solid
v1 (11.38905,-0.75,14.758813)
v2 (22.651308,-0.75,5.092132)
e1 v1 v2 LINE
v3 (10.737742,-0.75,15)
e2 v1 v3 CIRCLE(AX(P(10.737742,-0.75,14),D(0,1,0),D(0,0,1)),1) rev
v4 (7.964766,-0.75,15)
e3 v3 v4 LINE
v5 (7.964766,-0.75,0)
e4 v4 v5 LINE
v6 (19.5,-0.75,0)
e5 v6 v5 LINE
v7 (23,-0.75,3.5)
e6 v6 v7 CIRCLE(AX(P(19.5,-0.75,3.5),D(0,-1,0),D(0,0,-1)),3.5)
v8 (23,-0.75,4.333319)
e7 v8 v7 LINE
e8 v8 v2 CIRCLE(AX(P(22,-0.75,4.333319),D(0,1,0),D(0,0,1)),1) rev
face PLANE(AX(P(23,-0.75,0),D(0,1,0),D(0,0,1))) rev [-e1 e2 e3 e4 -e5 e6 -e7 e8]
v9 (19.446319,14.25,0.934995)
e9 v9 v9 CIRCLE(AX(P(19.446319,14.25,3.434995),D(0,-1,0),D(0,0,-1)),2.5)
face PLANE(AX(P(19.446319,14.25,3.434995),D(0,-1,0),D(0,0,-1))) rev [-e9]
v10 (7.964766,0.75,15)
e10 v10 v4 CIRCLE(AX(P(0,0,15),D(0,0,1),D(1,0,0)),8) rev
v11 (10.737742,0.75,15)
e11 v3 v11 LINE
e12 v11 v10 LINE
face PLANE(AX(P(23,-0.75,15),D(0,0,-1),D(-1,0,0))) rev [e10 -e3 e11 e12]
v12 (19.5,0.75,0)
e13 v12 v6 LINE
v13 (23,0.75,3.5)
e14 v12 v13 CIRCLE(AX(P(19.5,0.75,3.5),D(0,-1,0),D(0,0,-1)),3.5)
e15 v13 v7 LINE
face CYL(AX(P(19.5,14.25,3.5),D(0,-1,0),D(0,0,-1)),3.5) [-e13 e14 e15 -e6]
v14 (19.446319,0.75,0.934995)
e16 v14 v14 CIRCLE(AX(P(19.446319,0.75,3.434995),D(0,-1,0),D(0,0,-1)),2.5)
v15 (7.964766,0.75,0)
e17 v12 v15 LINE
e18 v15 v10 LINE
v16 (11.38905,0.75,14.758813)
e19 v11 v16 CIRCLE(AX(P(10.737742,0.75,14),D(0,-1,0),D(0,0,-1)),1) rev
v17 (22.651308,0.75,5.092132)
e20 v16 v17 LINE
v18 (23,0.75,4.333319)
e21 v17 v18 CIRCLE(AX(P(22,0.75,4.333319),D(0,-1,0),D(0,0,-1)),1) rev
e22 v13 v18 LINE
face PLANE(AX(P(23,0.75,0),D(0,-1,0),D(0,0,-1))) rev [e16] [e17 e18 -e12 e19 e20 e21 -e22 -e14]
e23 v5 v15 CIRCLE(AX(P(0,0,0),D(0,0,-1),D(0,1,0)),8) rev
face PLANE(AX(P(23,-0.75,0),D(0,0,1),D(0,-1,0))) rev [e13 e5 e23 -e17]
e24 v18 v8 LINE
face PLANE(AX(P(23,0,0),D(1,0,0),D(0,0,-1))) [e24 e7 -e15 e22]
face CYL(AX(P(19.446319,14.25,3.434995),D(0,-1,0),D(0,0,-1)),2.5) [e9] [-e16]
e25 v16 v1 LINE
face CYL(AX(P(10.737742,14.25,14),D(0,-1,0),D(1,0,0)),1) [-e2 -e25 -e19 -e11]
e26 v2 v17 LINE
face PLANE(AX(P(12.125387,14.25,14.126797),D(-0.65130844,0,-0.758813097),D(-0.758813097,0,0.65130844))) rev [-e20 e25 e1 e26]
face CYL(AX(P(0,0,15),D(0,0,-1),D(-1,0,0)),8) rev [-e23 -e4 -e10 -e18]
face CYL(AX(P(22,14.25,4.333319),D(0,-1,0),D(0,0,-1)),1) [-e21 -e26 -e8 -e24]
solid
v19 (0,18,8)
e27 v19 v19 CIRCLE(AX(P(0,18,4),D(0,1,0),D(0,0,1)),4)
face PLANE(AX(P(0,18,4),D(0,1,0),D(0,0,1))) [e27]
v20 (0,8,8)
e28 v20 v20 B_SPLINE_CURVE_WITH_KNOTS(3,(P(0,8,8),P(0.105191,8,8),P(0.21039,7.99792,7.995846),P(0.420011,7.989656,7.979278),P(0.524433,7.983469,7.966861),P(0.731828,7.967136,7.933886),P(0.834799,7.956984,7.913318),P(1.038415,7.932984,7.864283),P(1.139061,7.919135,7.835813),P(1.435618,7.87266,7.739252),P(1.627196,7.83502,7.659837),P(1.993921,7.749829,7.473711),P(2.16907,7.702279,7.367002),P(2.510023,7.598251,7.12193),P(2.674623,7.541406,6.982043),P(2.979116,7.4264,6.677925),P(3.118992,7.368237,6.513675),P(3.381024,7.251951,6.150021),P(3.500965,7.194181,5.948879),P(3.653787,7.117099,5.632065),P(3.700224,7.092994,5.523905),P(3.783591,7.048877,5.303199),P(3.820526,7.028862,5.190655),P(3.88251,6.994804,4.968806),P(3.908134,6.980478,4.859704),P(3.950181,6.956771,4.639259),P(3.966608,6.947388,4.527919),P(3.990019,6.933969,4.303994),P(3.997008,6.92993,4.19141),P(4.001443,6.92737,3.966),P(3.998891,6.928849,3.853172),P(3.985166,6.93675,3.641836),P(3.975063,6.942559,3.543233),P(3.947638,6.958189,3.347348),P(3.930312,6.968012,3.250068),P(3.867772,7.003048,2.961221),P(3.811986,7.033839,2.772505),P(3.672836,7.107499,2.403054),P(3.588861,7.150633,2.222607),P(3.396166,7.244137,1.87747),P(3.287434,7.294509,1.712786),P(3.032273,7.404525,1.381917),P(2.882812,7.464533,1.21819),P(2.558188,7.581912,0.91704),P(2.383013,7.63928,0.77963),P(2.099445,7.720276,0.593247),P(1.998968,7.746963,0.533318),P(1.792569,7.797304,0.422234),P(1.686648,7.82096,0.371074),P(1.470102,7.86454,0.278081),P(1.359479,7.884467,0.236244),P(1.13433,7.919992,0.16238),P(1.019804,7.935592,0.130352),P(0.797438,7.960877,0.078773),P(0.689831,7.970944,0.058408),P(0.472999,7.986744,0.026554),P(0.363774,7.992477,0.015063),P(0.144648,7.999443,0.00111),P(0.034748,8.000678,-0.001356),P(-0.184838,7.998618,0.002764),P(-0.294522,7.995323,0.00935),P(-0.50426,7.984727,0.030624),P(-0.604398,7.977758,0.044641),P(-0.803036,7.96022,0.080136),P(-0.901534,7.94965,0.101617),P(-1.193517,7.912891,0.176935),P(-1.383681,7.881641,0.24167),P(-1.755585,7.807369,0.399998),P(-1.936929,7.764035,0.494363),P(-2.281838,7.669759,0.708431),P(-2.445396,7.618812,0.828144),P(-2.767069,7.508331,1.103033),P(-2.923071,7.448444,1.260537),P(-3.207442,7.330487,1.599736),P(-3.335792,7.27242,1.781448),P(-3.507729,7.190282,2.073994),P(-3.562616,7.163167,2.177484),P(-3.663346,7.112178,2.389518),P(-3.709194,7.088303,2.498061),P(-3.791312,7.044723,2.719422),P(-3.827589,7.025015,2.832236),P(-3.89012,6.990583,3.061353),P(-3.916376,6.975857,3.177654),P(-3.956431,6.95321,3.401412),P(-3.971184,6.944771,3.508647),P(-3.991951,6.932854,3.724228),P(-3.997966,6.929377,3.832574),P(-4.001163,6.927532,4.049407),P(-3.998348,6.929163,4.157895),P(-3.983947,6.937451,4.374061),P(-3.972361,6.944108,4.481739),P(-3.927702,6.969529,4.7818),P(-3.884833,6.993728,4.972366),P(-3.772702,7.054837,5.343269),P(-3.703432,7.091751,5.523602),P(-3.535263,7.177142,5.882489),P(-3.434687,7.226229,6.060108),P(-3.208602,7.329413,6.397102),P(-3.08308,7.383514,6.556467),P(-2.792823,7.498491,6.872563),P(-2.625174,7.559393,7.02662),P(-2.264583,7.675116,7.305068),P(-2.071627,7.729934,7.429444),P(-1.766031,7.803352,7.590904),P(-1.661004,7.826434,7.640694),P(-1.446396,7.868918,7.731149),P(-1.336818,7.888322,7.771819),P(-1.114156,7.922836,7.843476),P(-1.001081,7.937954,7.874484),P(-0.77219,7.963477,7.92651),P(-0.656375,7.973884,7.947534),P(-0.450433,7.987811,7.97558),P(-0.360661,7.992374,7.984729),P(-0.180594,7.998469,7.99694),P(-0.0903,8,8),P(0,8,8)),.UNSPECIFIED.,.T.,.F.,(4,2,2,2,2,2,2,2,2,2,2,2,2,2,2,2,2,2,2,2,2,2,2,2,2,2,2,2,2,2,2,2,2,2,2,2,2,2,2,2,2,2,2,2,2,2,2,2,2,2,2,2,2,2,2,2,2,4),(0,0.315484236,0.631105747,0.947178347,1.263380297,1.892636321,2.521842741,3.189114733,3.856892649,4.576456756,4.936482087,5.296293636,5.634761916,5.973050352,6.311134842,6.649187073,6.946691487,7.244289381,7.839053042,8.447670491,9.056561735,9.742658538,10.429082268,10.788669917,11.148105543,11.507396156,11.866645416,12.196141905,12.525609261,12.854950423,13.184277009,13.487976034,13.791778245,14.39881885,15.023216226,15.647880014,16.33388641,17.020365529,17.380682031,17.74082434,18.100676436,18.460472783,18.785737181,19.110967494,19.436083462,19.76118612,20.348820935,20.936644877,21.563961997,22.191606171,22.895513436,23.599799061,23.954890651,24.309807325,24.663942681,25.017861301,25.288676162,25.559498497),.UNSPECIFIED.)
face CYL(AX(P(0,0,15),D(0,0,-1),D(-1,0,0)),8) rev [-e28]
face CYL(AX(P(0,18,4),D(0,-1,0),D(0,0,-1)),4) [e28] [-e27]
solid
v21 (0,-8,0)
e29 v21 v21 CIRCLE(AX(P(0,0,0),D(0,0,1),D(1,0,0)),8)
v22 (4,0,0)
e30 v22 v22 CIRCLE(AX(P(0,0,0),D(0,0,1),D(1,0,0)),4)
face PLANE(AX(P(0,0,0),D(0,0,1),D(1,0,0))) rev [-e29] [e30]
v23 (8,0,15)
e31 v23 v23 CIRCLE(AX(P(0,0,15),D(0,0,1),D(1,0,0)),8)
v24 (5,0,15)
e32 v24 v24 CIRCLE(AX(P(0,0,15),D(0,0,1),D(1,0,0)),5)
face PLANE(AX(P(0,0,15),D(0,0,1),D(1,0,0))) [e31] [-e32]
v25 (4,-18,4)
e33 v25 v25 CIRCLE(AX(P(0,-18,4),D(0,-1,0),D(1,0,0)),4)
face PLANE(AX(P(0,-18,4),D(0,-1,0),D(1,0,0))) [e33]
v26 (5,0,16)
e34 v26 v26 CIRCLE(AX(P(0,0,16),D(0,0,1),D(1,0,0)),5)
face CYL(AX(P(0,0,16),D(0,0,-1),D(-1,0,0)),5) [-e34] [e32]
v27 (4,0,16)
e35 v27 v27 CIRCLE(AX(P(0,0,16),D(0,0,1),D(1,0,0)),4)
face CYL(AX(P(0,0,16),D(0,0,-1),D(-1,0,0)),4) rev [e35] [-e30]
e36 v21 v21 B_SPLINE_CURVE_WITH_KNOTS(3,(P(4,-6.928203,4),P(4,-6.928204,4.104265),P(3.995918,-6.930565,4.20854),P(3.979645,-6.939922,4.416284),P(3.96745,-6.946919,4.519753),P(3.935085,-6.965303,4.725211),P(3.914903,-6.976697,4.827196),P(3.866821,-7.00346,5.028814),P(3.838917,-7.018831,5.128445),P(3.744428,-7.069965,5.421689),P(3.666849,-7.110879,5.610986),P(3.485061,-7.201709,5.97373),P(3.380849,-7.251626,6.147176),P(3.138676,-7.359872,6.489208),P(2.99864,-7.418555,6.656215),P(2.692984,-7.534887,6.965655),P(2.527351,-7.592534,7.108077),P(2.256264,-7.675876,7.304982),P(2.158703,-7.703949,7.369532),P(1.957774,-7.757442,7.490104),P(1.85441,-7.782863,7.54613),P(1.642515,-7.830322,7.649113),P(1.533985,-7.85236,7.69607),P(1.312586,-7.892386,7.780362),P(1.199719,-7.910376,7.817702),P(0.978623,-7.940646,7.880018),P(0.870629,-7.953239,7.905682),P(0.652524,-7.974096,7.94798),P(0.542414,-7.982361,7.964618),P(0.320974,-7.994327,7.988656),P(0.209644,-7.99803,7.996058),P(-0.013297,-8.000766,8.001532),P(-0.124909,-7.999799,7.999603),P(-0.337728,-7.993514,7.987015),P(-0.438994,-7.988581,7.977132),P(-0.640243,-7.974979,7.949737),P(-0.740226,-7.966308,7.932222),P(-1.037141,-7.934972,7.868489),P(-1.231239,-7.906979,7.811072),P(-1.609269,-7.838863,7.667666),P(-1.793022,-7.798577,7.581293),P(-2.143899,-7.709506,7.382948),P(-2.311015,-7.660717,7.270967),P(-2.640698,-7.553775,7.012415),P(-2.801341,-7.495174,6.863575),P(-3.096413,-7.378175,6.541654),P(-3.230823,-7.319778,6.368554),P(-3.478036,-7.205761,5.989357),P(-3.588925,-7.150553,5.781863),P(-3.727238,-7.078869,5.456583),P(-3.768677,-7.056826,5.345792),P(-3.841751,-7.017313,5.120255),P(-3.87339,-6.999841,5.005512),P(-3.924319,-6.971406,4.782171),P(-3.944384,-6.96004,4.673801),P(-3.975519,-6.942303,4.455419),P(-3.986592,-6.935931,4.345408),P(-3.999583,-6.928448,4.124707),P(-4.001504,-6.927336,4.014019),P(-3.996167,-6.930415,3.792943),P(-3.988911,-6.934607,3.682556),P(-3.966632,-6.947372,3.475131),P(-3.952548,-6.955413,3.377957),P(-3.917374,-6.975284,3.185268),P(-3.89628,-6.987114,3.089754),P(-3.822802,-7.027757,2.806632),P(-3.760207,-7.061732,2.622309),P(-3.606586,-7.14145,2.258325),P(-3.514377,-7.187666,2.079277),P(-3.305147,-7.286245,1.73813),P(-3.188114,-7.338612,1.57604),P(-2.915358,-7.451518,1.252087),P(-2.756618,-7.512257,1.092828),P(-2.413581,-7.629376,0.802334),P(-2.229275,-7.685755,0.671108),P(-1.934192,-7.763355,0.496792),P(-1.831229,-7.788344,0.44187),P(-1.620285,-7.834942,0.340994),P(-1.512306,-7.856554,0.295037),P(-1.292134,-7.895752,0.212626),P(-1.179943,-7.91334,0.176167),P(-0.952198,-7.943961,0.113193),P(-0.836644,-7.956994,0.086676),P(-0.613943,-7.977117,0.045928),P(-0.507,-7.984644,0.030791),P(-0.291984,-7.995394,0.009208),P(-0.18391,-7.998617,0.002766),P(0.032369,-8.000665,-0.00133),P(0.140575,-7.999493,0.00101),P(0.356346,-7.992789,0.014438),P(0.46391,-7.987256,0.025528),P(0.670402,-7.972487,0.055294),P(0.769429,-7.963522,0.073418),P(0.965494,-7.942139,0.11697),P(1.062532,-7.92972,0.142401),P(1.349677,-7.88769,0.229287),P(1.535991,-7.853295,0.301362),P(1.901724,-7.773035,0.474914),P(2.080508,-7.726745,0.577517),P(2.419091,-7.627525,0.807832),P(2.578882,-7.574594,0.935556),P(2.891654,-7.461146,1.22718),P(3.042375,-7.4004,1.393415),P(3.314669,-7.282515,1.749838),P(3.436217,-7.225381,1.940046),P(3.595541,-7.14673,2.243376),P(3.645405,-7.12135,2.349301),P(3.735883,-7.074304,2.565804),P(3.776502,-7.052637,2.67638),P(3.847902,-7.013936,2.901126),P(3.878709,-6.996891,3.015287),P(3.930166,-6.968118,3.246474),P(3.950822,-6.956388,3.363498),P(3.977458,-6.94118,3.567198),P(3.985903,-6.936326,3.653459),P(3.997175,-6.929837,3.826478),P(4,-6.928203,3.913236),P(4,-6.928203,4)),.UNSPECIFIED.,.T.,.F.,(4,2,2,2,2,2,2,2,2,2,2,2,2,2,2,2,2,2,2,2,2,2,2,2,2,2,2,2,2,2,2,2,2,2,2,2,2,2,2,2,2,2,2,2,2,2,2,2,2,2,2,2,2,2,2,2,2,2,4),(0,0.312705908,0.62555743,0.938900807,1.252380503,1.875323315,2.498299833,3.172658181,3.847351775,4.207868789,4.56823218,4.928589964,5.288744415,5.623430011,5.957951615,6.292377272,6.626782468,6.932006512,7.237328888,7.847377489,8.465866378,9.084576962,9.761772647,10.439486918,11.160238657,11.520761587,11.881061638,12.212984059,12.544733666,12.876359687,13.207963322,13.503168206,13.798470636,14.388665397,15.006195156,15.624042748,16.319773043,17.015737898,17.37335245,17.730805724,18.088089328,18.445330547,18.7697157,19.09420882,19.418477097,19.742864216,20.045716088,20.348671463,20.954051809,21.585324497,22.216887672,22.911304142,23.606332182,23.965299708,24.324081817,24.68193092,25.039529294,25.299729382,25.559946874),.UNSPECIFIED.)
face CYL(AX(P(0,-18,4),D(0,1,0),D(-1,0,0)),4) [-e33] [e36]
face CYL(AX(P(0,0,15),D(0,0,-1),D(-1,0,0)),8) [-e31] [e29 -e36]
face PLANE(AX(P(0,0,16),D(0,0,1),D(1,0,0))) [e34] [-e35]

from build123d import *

# Parameters (mm, degrees)
SKETCH1_R                            = 8
BOSS_EXTRUDE1_DEPTH                  = 15
SKETCH2_R                            = 5
SKETCH2_R_2                          = 4
BOSS_EXTRUDE2_DEPTH                  = 1
CUT_EXTRUDE1_START                   = -15
SKETCH3_R                            = 4
CUT_EXTRUDE1_DEPTH                   = 15
SKETCH4_R                            = 4
BOSS_EXTRUDE3_DEPTH                  = 10
BOSS_EXTRUDE3_DIRECTION_2_REACH      = 26
BOSS_EXTRUDE3_DIRECTION_2_END_RADIUS = 8
SKETCH6_R                            = 4
BOSS_EXTRUDE4_DEPTH                  = 10
BOSS_EXTRUDE4_DIRECTION_2_REACH      = 33.559
BOSS_EXTRUDE4_DIRECTION_2_END_RADIUS = 8
SKETCH7_W                            = 15
SKETCH7_H                            = 1.5
BOSS_EXTRUDE5_DEPTH                  = 15
BOSS_EXTRUDE5_DIRECTION_2_REACH      = 30.914
BOSS_EXTRUDE5_DIRECTION_2_END_RADIUS = 8
CUT_EXTRUDE2_DEPTH                   = 15
CUT_EXTRUDE3_DEPTH                   = 15
FILLET1_R                            = 1
FILLET2_R                            = 1
SKETCH12_R                           = 2.5
BOSS_EXTRUDE6_DEPTH                  = 15


with BuildPart() as part:
    # Sketch1 → Boss-Extrude1 (new body)
    with BuildSketch(Plane.XY):
        Circle(SKETCH1_R)
    extrude(amount=BOSS_EXTRUDE1_DEPTH)

    # Sketch2 → Boss-Extrude2 (add)
    with BuildSketch(Plane.XY.offset(15)):
        Circle(SKETCH2_R)
        Circle(SKETCH2_R_2, mode=Mode.SUBTRACT)
    extrude(amount=BOSS_EXTRUDE2_DEPTH)

    # Sketch3 → Cut-Extrude1 (cut)
    with BuildSketch(Plane.XY.offset(15).offset(CUT_EXTRUDE1_START)):
        Circle(SKETCH3_R)
    extrude(amount=CUT_EXTRUDE1_DEPTH, mode=Mode.SUBTRACT)

    # Sketch6 → Boss-Extrude4 (add)
    with BuildSketch(Plane(origin=(0, -8, 0), x_dir=(-1, 0, 0), z_dir=(0, -1, 0))):
        with Locations(Location((0, -4, 0), (0, 0, 270))):
            Circle(SKETCH6_R)
    extrude(amount=BOSS_EXTRUDE4_DEPTH)

    # Boss-Extrude4 direction 2: up to this cylinder (the profile starts outside it)
    boss_extrude4_direction_2_end = Plane(origin=(0, 0, 4), z_dir=(0, 0, -1)) * Cylinder(BOSS_EXTRUDE4_DIRECTION_2_END_RADIUS, 84.118, mode=Mode.PRIVATE)
    # Sketch6 → Boss-Extrude4 direction 2 (add, up to the surface)
    with BuildSketch(Plane(origin=(0, -8, 0), x_dir=(-1, 0, 0), z_dir=(0, -1, 0)), mode=Mode.PRIVATE) as boss_extrude4_direction_2_sk1:
        with Locations(Location((0, -4, 0), (0, 0, 270))):
            Circle(SKETCH6_R)
    boss_extrude4_direction_2_tool1 = extrude(boss_extrude4_direction_2_sk1.sketch, amount=-BOSS_EXTRUDE4_DIRECTION_2_REACH, mode=Mode.PRIVATE) - boss_extrude4_direction_2_end
    add(boss_extrude4_direction_2_tool1.solids().sort_by_distance((0, -8, 4))[0])
    add(boss_extrude4_direction_2_tool1.solids().sort_by_distance((0, -8, 4))[1])


with BuildPart() as body_2:
    # Sketch4 → Boss-Extrude3 (new body)
    with BuildSketch(Plane(origin=(0, 8, 0), x_dir=(1, 0, 0), z_dir=(0, 1, 0))):
        with Locations(Location((0, -4, 0), (0, 0, 270))):
            Circle(SKETCH4_R)
    extrude(amount=BOSS_EXTRUDE3_DEPTH)

    # Boss-Extrude3 direction 2: up to this cylinder (the profile starts outside it)
    boss_extrude3_direction_2_end = Plane(origin=(0, 0, 4), z_dir=(0, 0, -1)) * Cylinder(BOSS_EXTRUDE3_DIRECTION_2_END_RADIUS, 69, mode=Mode.PRIVATE)
    # Sketch4 → Boss-Extrude3 direction 2 (add, up to the surface)
    with BuildSketch(Plane(origin=(0, 8, 0), x_dir=(1, 0, 0), z_dir=(0, 1, 0)), mode=Mode.PRIVATE) as boss_extrude3_direction_2_sk1:
        with Locations(Location((0, -4, 0), (0, 0, 270))):
            Circle(SKETCH4_R)
    boss_extrude3_direction_2_tool1 = extrude(boss_extrude3_direction_2_sk1.sketch, amount=-BOSS_EXTRUDE3_DIRECTION_2_REACH, mode=Mode.PRIVATE) - boss_extrude3_direction_2_end
    add(boss_extrude3_direction_2_tool1.solids().sort_by_distance((0, 8, 4))[0])
    add(boss_extrude3_direction_2_tool1.solids().sort_by_distance((0, 8, 4))[1])


with BuildPart() as body_3:
    # Sketch7 → Boss-Extrude5 (new body)
    with BuildSketch(Plane(origin=(8, 0, 0), x_dir=(0, 0, -1), z_dir=(1, 0, 0))):
        with Locations((-7.5, 0)):
            Rectangle(SKETCH7_W, SKETCH7_H)
    extrude(amount=BOSS_EXTRUDE5_DEPTH)

    # Boss-Extrude5 direction 2: up to this cylinder (the profile starts outside it)
    boss_extrude5_direction_2_end = Plane(origin=(0, 0, 7.5), z_dir=(0, 0, -1)) * Cylinder(BOSS_EXTRUDE5_DIRECTION_2_END_RADIUS, 78.828, mode=Mode.PRIVATE)
    # Sketch7 → Boss-Extrude5 direction 2 (add, up to the surface)
    with BuildSketch(Plane(origin=(8, 0, 0), x_dir=(0, 0, -1), z_dir=(1, 0, 0)), mode=Mode.PRIVATE) as boss_extrude5_direction_2_sk1:
        with Locations((-7.5, 0)):
            Rectangle(SKETCH7_W, SKETCH7_H)
    boss_extrude5_direction_2_tool1 = extrude(boss_extrude5_direction_2_sk1.sketch, amount=-BOSS_EXTRUDE5_DIRECTION_2_REACH, mode=Mode.PRIVATE) - boss_extrude5_direction_2_end
    add(boss_extrude5_direction_2_tool1.solids().sort_by_distance((8, 0, 7.5))[0])
    add(boss_extrude5_direction_2_tool1.solids().sort_by_distance((8, 0, 7.5))[1])

    # Sketch9 → Cut-Extrude2 (cut)
    with BuildSketch(Plane.XZ.offset(0.75)):
        with BuildLine():
            ThreePointArc((23, 3.5), (21.974873734, 1.025126266), (19.5, 0))
            Line((19.5, 0), (23, 0))
            Line((23, 0), (23, 3.5))
        make_face()
    extrude(amount=-CUT_EXTRUDE2_DEPTH, mode=Mode.SUBTRACT)

    # Sketch11 → Cut-Extrude3 (cut)
    with BuildSketch(Plane(origin=(0, -0.75, 0), x_dir=(-1, 0, 0), z_dir=(0, -1, 0))):
        Polygon((-23, -15), (-11.108053079, -15), (-23, -4.792841708), align=None)
    extrude(amount=-CUT_EXTRUDE3_DEPTH, mode=Mode.SUBTRACT)

    # Fillet1
    fillet1_edges = [body_3.edges().sort_by_distance(p)[0] for p in [
        (11.108053079, 0, 15),
    ]]
    fillet(fillet1_edges, radius=FILLET1_R)

    # Fillet2
    fillet2_edges = [body_3.edges().sort_by_distance(p)[0] for p in [
        (23, 0, 4.792841708),
    ]]
    fillet(fillet2_edges, radius=FILLET2_R)

    # Sketch12 → Boss-Extrude6 (add)
    with BuildSketch(Plane.XZ.offset(0.75)):
        with Locations(Location((19.446318933, 3.434994956, 0), (0, 0, 270))):
            Circle(SKETCH12_R)
    extrude(amount=-BOSS_EXTRUDE6_DEPTH)


solid = Compound([part.part, body_2.part, body_3.part])
